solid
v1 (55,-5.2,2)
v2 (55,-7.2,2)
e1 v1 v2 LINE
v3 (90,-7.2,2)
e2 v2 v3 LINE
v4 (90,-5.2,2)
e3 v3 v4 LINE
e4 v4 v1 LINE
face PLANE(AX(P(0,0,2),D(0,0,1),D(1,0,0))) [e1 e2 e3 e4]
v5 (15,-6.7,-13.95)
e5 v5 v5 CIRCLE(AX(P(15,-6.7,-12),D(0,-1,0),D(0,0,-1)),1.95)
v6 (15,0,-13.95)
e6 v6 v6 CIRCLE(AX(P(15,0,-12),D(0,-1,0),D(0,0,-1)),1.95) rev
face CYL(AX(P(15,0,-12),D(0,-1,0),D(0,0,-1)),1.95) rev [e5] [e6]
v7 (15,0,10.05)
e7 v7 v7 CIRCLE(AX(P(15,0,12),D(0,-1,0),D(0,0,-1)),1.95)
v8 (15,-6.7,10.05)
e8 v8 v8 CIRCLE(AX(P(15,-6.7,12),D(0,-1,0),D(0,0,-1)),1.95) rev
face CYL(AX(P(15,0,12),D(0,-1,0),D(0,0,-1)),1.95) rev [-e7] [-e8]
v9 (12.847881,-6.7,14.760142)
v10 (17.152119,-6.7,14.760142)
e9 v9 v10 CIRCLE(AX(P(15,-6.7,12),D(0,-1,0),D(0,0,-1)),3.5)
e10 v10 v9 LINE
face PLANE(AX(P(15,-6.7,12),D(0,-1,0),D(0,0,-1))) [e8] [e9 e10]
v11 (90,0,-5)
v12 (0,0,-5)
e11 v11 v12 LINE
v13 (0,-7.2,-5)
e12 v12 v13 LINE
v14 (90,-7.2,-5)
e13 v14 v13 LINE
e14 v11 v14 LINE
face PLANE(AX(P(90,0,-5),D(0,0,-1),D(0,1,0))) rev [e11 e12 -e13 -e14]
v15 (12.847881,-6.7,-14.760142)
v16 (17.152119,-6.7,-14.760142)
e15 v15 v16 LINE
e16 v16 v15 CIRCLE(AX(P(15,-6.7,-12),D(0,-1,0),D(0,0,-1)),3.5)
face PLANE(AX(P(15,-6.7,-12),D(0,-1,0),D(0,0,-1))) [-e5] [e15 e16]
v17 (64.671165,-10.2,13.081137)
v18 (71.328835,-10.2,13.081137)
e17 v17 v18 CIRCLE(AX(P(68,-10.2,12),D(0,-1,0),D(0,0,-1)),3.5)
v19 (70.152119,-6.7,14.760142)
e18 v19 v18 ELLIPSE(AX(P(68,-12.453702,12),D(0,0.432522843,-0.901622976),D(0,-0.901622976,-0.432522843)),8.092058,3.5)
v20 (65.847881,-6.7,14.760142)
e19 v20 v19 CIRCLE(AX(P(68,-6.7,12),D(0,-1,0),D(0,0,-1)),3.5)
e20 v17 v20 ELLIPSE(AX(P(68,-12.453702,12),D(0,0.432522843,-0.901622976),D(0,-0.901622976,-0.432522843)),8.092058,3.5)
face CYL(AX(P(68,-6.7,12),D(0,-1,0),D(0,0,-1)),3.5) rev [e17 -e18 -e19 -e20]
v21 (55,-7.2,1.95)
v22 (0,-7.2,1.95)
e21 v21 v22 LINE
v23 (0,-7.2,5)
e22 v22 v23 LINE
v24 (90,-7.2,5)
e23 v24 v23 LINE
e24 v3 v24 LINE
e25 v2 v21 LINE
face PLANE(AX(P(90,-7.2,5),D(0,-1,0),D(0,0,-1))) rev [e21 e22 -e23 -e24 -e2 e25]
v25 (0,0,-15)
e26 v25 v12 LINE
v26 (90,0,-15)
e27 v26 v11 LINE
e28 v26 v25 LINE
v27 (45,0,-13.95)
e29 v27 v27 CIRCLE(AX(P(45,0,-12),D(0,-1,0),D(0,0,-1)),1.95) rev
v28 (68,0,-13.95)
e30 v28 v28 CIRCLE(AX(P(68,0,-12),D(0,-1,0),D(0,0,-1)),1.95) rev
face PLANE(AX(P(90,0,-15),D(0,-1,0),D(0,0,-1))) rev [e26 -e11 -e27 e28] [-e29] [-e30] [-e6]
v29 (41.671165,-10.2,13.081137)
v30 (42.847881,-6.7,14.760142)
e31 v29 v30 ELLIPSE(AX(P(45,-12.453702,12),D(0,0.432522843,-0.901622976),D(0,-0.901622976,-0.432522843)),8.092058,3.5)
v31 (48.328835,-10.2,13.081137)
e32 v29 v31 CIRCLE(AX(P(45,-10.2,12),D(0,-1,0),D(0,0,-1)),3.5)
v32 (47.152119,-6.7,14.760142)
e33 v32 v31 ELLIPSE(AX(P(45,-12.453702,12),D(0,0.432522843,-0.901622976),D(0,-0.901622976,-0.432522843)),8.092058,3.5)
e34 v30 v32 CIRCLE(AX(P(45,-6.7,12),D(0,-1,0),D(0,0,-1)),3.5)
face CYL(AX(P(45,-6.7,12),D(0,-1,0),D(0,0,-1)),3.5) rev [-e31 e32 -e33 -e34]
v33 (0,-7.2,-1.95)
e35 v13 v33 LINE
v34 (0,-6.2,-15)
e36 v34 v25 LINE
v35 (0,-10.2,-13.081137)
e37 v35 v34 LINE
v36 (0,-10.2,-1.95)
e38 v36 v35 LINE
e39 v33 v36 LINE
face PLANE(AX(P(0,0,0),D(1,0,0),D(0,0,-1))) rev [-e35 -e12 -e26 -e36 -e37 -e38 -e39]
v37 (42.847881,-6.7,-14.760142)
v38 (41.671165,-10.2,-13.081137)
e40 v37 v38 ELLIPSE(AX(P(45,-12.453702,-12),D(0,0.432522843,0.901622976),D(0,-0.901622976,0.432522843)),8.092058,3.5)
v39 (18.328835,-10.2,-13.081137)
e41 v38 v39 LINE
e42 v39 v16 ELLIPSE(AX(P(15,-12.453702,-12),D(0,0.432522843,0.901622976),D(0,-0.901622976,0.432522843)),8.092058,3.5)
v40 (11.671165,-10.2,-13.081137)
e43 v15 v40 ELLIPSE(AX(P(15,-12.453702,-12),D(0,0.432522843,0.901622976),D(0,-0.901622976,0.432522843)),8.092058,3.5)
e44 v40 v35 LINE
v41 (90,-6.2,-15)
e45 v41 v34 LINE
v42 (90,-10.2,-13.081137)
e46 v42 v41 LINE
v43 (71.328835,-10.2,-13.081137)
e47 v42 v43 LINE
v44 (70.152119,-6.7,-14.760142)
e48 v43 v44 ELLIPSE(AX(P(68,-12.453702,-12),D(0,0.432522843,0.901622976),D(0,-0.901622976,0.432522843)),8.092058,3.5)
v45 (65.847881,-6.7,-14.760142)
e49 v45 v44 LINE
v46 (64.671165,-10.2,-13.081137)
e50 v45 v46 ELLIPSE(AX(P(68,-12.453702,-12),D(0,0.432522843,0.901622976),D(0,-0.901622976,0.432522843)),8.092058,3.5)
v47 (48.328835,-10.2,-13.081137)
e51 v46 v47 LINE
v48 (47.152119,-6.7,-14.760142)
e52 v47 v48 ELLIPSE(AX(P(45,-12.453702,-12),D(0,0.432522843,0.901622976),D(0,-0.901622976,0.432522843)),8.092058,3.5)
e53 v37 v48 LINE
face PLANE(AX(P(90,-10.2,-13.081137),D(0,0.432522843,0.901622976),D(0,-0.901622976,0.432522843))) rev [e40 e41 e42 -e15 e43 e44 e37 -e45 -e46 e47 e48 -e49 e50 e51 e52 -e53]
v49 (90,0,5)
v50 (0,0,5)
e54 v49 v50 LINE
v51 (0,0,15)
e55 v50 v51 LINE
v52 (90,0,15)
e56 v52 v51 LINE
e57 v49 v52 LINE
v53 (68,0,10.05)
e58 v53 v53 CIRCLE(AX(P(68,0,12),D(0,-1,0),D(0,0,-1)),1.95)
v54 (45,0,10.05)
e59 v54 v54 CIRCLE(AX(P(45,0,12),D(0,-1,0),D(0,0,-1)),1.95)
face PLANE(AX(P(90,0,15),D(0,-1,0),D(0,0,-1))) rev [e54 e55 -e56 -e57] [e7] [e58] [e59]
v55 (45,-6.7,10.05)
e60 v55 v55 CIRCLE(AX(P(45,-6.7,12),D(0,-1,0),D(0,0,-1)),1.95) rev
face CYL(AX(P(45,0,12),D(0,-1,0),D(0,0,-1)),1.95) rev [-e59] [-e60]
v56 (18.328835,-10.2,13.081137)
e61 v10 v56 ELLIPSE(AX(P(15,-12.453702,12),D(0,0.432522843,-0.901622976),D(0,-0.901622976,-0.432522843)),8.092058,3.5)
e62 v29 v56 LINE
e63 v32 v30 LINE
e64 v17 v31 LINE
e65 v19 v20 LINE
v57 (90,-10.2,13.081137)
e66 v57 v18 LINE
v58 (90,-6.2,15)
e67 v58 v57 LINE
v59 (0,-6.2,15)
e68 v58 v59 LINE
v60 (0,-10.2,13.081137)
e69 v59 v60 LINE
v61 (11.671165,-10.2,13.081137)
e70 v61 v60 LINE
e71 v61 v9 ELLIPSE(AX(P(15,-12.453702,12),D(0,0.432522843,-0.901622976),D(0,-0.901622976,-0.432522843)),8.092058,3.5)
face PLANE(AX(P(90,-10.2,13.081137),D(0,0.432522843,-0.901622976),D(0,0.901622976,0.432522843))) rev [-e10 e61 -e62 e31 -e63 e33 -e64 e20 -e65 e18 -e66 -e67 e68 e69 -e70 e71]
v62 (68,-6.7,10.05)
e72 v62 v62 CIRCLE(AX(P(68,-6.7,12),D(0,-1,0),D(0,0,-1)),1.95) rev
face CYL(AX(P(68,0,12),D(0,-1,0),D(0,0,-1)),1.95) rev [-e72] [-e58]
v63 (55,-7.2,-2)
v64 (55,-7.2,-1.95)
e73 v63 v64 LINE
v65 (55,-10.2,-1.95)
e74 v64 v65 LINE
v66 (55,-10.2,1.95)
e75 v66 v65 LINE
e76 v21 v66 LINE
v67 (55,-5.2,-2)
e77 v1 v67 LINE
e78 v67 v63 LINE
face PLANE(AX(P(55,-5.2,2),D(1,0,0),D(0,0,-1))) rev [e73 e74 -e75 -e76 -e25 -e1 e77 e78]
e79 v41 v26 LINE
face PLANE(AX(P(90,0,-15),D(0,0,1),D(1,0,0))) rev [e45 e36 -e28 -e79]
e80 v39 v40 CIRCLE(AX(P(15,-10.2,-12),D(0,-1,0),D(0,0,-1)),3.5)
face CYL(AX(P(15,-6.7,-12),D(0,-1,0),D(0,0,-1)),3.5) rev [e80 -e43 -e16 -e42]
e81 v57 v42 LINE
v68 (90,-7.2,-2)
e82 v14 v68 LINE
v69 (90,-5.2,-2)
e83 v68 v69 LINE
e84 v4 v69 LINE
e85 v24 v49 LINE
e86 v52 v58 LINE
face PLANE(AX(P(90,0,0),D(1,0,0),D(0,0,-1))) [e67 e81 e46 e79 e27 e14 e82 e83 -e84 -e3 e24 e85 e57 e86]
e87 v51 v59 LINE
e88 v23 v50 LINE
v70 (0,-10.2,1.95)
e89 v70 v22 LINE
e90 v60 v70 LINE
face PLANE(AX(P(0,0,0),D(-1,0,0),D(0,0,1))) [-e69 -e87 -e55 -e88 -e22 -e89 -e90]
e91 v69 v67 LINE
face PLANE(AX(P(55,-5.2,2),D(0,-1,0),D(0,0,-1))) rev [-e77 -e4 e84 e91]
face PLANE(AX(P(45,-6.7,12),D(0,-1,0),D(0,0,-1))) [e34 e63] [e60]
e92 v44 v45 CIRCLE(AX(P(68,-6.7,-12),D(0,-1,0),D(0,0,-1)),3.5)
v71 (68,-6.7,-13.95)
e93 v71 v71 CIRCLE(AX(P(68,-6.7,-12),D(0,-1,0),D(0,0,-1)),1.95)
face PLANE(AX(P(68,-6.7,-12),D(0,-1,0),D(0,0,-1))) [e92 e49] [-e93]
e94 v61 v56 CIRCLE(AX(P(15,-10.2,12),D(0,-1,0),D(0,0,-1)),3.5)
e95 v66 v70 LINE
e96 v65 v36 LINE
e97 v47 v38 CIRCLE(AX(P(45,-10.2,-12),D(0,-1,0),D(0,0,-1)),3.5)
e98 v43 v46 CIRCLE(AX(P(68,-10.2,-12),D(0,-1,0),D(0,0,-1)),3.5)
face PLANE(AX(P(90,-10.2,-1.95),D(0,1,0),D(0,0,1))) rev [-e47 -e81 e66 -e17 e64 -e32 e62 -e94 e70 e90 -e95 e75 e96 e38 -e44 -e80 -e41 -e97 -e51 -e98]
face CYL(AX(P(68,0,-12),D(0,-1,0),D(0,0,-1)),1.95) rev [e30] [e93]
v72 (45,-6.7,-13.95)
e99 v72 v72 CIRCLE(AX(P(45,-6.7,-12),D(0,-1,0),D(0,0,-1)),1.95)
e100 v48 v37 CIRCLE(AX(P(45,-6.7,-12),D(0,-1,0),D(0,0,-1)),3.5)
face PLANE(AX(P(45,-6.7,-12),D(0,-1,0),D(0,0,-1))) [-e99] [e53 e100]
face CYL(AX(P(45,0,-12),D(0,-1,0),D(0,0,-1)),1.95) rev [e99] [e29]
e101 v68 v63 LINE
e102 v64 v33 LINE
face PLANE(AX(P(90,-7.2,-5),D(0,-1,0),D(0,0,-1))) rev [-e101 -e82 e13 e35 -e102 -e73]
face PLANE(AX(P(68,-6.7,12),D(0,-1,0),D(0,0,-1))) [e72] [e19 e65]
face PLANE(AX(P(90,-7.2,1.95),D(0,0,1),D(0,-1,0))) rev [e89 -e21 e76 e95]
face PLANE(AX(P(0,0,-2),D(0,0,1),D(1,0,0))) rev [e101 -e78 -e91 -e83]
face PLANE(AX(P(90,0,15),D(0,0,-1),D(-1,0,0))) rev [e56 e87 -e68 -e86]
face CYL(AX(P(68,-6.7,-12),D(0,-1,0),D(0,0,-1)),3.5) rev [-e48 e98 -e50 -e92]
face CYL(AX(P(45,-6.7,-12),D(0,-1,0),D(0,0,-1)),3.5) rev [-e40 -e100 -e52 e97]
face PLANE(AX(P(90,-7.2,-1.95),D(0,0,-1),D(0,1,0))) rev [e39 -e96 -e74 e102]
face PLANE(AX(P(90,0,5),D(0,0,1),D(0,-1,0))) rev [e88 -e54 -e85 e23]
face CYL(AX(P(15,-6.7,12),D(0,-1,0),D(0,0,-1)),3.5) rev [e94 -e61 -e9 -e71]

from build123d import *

# Parameters (mm, degrees)
EXTRUDE_1_DEPTH     = 90
EXTRUDE_1_2_DEPTH   = 90
SKETCH_3_R          = 1.95
CUT_EXTRUDE_1_DEPTH = 92.809803398
SKETCH_5_W          = 35
SKETCH_5_H          = 5
EXTRUDE_2_DEPTH     = 2
SKETCH_7_R          = 3.5
CUT_EXTRUDE_2_DEPTH = 3.5


with BuildPart() as part:
    # 스케치1 → 보스-돌출1 (new body)
    with BuildSketch(Plane(origin=(0, 0, 0), x_dir=(0, 0, -1), z_dir=(1, 0, 0))):
        Polygon((-15, 0), (-15, -6.2), (-13.081136552, -10.2), (-1.95, -10.2), (-1.95, -7.2), (-5, -7.2), (-5, 0), align=None)
    extrude(amount=EXTRUDE_1_DEPTH)


with BuildPart() as body_2:
    # 스케치1 → Extrude 1 2 (new body)
    with BuildSketch(Plane(origin=(0, 0, 0), x_dir=(0, 0, -1), z_dir=(1, 0, 0))):
        Polygon((13.081136552, -10.2), (15, -6.2), (15, 0), (5, 0), (5, -7.2), (1.95, -7.2), (1.95, -10.2), align=None)
    extrude(amount=EXTRUDE_1_2_DEPTH)


with BuildPart() as cut_extrude_1_tool:
    # 스케치3 → 컷-돌출1 (new, through all)
    with BuildSketch(Plane.XZ.offset(10.2)):
        with Locations(Location((15, 12, 0), (0, 0, 270))):
            Circle(SKETCH_3_R)
        with Locations(Location((45, 12, 0), (0, 0, 270))):
            Circle(SKETCH_3_R)
        with Locations(Location((68, 12, 0), (0, 0, 270))):
            Circle(SKETCH_3_R)
        with Locations(Location((68, -12, 0), (0, 0, 270))):
            Circle(SKETCH_3_R)
        with Locations(Location((45, -12, 0), (0, 0, 270))):
            Circle(SKETCH_3_R)
        with Locations(Location((15, -12, 0), (0, 0, 270))):
            Circle(SKETCH_3_R)
    extrude(amount=-CUT_EXTRUDE_1_DEPTH)


with BuildPart() as part_1:
    add(part.part)

    # 컷-돌출1: cut by cut_extrude_1_tool
    add(cut_extrude_1_tool.part, mode=Mode.SUBTRACT)



with BuildPart() as body_2_1:
    add(body_2.part)

    # 컷-돌출1: cut by cut_extrude_1_tool
    add(cut_extrude_1_tool.part, mode=Mode.SUBTRACT)


with BuildPart() as part_2:
    add(part_1.part)

    add(body_2_1.part)  # 보스-돌출2 merges body 2
    # 스케치5 → 보스-돌출2 (add, symmetric)
    with BuildSketch(Plane.XY):
        with Locations((72.5, -7.7)):
            Rectangle(SKETCH_5_W, SKETCH_5_H)
    extrude(amount=EXTRUDE_2_DEPTH, both=True)

    # 스케치7 → 컷-돌출2 (cut)
    with BuildSketch(Plane.XZ.offset(10.2)):
        with Locations((15, -12)):
            Circle(SKETCH_7_R)
        with Locations((45, -12)):
            Circle(SKETCH_7_R)
        with Locations((68, -12)):
            Circle(SKETCH_7_R)
        with Locations((45, 12)):
            Circle(SKETCH_7_R)
        with Locations((68, 12)):
            Circle(SKETCH_7_R)
        with Locations((15, 12)):
            Circle(SKETCH_7_R)
    extrude(amount=-CUT_EXTRUDE_2_DEPTH, mode=Mode.SUBTRACT)


solid = part_2.part
